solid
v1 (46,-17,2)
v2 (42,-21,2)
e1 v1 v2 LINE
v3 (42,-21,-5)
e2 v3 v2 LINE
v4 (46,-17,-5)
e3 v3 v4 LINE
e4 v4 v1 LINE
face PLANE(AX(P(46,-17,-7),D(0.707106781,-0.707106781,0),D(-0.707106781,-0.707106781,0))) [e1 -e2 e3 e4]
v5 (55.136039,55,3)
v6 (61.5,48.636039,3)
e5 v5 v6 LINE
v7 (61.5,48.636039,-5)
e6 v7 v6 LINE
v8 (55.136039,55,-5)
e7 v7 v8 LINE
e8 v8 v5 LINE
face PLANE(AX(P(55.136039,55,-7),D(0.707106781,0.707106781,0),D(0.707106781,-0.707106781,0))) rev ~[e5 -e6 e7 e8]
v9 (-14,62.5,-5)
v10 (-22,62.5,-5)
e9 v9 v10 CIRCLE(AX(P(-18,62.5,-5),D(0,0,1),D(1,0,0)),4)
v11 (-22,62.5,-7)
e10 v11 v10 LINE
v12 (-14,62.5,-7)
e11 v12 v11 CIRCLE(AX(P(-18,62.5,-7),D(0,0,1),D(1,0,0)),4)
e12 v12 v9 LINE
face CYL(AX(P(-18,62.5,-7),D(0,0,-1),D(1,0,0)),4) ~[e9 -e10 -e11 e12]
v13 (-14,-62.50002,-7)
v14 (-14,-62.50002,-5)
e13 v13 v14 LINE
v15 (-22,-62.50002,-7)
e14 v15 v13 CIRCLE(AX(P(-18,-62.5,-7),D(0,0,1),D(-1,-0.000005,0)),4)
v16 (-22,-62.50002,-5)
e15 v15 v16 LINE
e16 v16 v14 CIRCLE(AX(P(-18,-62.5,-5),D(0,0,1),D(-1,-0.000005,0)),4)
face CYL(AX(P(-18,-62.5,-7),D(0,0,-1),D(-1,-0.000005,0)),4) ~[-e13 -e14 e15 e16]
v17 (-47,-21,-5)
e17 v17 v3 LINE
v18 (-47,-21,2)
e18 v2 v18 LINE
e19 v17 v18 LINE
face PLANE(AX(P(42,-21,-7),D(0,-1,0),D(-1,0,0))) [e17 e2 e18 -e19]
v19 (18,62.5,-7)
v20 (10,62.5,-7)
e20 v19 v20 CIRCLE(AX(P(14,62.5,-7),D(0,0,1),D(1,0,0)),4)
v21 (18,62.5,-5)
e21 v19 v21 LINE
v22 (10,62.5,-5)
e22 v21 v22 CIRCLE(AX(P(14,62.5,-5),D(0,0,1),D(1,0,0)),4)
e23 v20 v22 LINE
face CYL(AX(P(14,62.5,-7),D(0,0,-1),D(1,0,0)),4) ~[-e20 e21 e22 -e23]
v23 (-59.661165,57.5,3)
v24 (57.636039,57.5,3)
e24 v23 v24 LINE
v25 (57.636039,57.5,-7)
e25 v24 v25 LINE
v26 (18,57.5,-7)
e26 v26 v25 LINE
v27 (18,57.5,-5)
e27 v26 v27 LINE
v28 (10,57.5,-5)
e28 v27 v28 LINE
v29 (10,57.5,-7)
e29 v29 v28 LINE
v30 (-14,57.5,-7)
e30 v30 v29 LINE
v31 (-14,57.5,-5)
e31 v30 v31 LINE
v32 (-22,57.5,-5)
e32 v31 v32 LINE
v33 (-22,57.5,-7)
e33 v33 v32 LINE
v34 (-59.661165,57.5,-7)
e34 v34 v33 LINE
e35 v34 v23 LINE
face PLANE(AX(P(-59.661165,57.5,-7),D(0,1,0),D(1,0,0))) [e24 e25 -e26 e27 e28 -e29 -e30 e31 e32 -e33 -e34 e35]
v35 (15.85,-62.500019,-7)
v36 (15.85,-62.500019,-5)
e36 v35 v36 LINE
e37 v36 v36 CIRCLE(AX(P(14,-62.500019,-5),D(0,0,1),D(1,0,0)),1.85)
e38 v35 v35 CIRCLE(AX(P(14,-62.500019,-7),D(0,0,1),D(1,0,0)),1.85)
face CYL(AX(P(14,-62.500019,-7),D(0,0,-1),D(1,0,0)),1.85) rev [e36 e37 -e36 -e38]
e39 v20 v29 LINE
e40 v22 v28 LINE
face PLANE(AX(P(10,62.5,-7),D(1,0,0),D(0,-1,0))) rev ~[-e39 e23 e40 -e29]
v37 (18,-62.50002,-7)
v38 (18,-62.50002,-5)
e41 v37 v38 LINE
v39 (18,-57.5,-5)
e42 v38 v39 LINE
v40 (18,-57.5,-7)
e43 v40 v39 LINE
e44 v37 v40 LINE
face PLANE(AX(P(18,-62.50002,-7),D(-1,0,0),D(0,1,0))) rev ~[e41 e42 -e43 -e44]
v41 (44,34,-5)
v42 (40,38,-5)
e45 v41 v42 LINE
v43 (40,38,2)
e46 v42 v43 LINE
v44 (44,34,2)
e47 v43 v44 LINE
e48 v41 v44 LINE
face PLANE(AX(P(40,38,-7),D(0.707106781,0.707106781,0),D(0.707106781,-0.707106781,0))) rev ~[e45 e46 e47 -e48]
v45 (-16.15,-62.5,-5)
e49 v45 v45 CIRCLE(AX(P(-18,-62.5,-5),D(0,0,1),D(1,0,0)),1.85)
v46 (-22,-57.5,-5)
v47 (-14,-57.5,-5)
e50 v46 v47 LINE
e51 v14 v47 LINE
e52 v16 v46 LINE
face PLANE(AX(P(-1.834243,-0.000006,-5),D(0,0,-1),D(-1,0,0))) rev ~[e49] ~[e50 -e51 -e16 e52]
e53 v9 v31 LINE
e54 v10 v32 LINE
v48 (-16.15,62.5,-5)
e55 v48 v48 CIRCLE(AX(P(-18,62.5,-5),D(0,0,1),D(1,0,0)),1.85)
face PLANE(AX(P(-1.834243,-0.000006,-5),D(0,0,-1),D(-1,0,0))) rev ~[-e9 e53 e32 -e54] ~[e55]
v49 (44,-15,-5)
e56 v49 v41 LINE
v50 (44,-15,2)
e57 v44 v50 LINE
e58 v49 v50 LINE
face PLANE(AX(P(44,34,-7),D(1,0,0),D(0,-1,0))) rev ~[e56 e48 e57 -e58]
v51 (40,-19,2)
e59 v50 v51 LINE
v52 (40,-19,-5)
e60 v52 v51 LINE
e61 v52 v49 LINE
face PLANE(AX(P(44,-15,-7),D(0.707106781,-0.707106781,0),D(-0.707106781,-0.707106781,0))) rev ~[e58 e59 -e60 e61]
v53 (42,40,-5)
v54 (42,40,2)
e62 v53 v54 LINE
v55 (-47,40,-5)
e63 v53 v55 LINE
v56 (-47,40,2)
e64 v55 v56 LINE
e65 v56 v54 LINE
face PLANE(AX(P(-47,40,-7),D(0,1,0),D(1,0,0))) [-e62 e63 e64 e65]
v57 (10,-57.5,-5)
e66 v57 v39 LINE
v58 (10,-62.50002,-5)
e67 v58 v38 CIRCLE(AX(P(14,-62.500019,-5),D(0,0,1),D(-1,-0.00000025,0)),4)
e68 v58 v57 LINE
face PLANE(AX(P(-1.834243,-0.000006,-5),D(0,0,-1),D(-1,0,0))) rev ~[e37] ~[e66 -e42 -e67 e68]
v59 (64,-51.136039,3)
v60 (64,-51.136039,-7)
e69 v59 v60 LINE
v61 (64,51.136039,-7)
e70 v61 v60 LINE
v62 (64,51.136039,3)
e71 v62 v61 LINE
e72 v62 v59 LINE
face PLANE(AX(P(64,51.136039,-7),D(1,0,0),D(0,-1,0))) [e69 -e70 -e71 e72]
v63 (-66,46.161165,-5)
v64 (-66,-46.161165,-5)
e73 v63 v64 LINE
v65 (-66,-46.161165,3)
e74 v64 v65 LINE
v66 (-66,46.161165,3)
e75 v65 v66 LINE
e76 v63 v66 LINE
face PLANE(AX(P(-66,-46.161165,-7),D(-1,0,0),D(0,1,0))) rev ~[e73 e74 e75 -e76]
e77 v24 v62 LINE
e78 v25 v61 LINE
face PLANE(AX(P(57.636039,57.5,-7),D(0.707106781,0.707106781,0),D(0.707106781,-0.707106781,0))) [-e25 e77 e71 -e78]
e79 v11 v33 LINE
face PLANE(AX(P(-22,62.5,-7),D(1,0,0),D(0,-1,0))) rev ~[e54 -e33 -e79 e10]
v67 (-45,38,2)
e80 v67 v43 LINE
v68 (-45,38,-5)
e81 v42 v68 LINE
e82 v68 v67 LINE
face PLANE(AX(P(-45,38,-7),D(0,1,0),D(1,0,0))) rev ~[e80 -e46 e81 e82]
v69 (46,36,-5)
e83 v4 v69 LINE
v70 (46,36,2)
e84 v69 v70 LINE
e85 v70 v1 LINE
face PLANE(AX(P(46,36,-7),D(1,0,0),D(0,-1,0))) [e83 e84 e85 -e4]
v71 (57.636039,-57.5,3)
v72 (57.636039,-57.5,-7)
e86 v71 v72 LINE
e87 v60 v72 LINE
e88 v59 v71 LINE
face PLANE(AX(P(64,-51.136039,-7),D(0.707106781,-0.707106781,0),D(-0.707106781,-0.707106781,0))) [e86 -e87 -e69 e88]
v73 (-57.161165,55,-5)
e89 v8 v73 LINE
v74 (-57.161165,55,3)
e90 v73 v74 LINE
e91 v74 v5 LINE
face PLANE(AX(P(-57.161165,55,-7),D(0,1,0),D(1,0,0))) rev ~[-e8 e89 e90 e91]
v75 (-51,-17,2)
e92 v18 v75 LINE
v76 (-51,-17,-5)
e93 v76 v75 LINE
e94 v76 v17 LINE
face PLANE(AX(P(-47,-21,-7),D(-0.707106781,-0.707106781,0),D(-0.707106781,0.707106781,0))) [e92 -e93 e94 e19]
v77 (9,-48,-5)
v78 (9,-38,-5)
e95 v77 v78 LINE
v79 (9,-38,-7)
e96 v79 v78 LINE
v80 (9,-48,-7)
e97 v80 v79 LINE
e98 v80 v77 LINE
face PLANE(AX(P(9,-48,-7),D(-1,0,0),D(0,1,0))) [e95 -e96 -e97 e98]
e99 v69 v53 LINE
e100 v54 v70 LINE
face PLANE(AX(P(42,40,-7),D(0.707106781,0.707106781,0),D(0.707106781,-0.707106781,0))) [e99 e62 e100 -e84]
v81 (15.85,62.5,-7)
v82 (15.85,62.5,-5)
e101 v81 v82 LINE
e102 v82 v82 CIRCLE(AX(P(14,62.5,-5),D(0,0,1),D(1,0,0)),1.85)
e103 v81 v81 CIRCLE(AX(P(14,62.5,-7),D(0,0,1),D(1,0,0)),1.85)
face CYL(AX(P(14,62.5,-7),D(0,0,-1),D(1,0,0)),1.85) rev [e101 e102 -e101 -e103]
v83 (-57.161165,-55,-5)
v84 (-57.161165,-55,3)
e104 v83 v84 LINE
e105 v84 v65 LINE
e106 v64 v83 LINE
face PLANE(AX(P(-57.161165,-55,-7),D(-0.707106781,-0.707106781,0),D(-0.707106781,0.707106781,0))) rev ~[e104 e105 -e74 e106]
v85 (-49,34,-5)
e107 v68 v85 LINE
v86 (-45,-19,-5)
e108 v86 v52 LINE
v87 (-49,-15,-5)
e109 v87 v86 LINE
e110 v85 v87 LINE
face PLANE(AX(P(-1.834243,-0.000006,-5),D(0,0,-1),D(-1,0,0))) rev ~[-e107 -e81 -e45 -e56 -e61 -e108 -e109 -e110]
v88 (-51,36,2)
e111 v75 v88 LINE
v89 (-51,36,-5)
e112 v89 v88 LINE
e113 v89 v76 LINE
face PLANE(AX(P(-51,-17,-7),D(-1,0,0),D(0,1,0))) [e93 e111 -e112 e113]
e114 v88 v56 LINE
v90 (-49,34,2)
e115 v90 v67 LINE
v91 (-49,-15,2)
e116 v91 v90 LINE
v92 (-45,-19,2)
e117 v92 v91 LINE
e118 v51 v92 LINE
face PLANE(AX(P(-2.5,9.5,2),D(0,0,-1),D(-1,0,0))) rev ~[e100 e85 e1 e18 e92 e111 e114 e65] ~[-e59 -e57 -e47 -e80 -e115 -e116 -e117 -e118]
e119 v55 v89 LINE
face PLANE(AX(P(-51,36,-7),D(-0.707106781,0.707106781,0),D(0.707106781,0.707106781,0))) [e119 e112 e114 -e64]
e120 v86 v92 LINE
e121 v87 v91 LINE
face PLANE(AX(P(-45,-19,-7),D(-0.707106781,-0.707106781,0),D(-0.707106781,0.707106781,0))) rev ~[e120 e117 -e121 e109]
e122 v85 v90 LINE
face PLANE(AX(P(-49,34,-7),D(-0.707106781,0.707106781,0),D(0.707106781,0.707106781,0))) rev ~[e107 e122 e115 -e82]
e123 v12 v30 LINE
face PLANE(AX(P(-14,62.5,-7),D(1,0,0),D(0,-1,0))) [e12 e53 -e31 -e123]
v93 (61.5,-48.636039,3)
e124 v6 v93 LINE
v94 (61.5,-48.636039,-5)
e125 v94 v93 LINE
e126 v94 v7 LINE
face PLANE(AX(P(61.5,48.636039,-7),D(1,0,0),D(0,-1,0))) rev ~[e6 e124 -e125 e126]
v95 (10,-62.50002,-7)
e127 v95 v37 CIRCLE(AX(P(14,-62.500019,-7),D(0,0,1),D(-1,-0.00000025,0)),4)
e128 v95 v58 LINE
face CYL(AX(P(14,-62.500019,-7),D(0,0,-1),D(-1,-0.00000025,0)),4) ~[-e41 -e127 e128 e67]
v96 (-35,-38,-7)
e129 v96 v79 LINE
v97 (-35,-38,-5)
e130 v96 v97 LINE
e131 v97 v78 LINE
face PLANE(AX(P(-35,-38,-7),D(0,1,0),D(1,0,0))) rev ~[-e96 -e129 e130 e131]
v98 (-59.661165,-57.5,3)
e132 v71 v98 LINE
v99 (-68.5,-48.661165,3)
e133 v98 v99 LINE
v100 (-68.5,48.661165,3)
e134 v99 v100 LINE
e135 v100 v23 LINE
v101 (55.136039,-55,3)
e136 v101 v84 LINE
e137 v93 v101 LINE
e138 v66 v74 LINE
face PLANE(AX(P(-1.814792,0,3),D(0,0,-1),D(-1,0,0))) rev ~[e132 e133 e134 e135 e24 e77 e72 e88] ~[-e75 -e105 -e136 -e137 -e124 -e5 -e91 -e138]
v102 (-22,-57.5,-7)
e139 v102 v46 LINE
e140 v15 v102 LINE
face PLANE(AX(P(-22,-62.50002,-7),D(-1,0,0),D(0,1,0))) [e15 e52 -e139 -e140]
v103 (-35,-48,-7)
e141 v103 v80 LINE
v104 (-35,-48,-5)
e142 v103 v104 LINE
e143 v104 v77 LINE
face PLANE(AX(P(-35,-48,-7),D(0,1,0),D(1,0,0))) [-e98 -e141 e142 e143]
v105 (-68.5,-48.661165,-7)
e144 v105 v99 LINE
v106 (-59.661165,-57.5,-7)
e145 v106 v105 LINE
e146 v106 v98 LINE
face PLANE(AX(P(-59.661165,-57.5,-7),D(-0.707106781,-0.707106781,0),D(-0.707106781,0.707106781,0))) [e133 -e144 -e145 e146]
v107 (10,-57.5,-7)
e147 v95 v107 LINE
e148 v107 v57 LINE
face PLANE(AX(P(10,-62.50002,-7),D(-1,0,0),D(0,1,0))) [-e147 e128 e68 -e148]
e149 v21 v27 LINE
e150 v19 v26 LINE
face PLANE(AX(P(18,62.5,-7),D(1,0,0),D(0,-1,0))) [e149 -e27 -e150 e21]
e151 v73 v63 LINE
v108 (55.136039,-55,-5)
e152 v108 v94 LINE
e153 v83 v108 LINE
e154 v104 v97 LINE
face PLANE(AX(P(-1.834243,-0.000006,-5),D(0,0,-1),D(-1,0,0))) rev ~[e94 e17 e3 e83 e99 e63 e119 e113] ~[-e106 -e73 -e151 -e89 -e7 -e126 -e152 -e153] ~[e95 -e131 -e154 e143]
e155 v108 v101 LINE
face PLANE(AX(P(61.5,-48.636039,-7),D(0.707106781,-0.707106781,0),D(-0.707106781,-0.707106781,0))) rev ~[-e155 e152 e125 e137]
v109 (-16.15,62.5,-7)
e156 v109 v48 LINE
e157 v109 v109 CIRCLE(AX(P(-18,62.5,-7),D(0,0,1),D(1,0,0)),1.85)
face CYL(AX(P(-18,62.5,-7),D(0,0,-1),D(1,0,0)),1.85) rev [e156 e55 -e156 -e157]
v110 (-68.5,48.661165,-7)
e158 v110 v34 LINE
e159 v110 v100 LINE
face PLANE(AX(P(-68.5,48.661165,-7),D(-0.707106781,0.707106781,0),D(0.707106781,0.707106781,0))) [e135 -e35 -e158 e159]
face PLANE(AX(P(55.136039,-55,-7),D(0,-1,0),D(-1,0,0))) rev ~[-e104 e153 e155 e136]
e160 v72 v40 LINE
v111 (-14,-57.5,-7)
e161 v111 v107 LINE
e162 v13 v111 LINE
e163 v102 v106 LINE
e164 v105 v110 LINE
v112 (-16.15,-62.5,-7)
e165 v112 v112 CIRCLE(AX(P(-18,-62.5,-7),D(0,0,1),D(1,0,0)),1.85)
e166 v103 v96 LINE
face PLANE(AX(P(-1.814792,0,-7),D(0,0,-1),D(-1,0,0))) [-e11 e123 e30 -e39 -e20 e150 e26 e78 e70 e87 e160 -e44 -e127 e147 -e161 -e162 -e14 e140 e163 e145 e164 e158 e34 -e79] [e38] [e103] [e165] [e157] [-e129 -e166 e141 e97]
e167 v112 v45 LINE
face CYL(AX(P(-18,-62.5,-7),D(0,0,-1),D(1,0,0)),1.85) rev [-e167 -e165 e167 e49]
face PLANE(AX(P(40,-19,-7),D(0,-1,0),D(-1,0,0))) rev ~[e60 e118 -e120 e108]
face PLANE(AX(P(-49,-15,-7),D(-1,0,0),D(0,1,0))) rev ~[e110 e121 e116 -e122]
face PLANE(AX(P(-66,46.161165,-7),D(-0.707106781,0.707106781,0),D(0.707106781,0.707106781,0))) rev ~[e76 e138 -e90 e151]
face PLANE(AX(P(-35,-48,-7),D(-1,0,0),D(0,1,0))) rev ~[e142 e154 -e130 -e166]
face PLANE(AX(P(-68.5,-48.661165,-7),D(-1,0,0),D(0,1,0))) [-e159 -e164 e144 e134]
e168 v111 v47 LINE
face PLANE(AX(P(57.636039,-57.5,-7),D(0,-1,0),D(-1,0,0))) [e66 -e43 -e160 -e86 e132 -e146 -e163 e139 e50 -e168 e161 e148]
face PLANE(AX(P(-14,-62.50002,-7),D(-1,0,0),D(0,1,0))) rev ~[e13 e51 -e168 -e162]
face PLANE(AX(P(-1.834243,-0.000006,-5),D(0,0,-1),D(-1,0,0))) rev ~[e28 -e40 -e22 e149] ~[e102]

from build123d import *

# Parameters (mm, degrees)
EXTRUDE083_DEPTH = 9
SKETCH095_R      = 1.85
SKETCH095_W      = 44
SKETCH095_H      = 10
EXTRUDE084_DEPTH = 2
EXTRUDE082_DEPTH = 10


with BuildPart() as extrude083:
    # Sketch094 → Extrude083 (new body)
    with BuildSketch(Plane.XY):
        Polygon((-51, 36), (-47, 40), (42, 40), (46, 36), (46, -17), (42, -21), (-47, -21), (-51, -17), align=None)
        Polygon((-45, 38), (40, 38), (44, 34), (44, -15), (40, -19), (-45, -19), (-49, -15), (-49, 34), align=None, mode=Mode.SUBTRACT)
    extrude(amount=EXTRUDE083_DEPTH)


with BuildPart() as extrude084:
    # Sketch095 → Extrude084 (new body)
    with BuildSketch(Plane.XY):
        with BuildLine():
            Line((57.636039, 57.5), (64, 51.136039))
            Line((64, 51.136039), (64, -51.136039))
            Line((64, -51.136039), (57.636039, -57.5))
            Line((18, -57.5), (57.636039, -57.5))
            Line((18, -62.50002), (18, -57.5))
            ThreePointArc((10, -62.50002), (14, -66.500019), (18, -62.50002))
            Line((10, -62.50002), (10, -57.5))
            Line((-14, -57.5), (10, -57.5))
            Line((-14, -62.50002), (-14, -57.5))
            ThreePointArc((-22, -62.50002), (-18, -66.5), (-14, -62.50002))
            Line((-22, -62.50002), (-22, -57.5))
            Line((-59.661165, -57.5), (-22, -57.5))
            Line((-59.661165, -57.5), (-68.5, -48.661165))
            Line((-68.5, -48.661165), (-68.5, 48.661165))
            Line((-68.5, 48.661165), (-59.661165, 57.5))
            Line((-59.661165, 57.5), (-22, 57.5))
            Line((-22, 62.5), (-22, 57.5))
            ThreePointArc((-14, 62.5), (-18, 66.5), (-22, 62.5))
            Line((-14, 62.5), (-14, 57.5))
            Line((-14, 57.5), (10, 57.5))
            Line((10, 62.5), (10, 57.5))
            ThreePointArc((18, 62.5), (14, 66.5), (10, 62.5))
            Line((18, 62.5), (18, 57.5))
            Line((18, 57.5), (57.636039, 57.5))
        make_face()
        with Locations((-18, 62.5)):
            Circle(SKETCH095_R, mode=Mode.SUBTRACT)
        with Locations((14, 62.5)):
            Circle(SKETCH095_R, mode=Mode.SUBTRACT)
        with Locations((-18, -62.5)):
            Circle(SKETCH095_R, mode=Mode.SUBTRACT)
        with Locations((14, -62.500019)):
            Circle(SKETCH095_R, mode=Mode.SUBTRACT)
        with Locations((-13, -43)):
            Rectangle(SKETCH095_W, SKETCH095_H, mode=Mode.SUBTRACT)
    extrude(amount=EXTRUDE084_DEPTH)


with BuildPart() as fusion033:
    # Sketch093 → Extrude082 (new body)
    with BuildSketch(Plane.XY):
        Polygon((-59.661165, 57.5), (57.636039, 57.5), (64, 51.136039), (64, -51.136039), (57.636039, -57.5), (-59.661165, -57.5), (-68.5, -48.661165), (-68.5, 48.661165), align=None)
        Polygon((-57.161165, 55), (55.136039, 55), (61.5, 48.636039), (61.5, -48.636039), (55.136039, -55), (-57.161165, -55), (-66, -46.161165), (-66, 46.161165), align=None, mode=Mode.SUBTRACT)
    extrude(amount=EXTRUDE082_DEPTH)

    # Fusion033: union Extrude083, Extrude084
    add(extrude083.part)
    add(extrude084.part)


with BuildPart() as fusion033_1:
    # Fusion033 placement: moved
    add(fusion033.part.moved(Location((0, 0, -7))))


solid = fusion033_1.part
